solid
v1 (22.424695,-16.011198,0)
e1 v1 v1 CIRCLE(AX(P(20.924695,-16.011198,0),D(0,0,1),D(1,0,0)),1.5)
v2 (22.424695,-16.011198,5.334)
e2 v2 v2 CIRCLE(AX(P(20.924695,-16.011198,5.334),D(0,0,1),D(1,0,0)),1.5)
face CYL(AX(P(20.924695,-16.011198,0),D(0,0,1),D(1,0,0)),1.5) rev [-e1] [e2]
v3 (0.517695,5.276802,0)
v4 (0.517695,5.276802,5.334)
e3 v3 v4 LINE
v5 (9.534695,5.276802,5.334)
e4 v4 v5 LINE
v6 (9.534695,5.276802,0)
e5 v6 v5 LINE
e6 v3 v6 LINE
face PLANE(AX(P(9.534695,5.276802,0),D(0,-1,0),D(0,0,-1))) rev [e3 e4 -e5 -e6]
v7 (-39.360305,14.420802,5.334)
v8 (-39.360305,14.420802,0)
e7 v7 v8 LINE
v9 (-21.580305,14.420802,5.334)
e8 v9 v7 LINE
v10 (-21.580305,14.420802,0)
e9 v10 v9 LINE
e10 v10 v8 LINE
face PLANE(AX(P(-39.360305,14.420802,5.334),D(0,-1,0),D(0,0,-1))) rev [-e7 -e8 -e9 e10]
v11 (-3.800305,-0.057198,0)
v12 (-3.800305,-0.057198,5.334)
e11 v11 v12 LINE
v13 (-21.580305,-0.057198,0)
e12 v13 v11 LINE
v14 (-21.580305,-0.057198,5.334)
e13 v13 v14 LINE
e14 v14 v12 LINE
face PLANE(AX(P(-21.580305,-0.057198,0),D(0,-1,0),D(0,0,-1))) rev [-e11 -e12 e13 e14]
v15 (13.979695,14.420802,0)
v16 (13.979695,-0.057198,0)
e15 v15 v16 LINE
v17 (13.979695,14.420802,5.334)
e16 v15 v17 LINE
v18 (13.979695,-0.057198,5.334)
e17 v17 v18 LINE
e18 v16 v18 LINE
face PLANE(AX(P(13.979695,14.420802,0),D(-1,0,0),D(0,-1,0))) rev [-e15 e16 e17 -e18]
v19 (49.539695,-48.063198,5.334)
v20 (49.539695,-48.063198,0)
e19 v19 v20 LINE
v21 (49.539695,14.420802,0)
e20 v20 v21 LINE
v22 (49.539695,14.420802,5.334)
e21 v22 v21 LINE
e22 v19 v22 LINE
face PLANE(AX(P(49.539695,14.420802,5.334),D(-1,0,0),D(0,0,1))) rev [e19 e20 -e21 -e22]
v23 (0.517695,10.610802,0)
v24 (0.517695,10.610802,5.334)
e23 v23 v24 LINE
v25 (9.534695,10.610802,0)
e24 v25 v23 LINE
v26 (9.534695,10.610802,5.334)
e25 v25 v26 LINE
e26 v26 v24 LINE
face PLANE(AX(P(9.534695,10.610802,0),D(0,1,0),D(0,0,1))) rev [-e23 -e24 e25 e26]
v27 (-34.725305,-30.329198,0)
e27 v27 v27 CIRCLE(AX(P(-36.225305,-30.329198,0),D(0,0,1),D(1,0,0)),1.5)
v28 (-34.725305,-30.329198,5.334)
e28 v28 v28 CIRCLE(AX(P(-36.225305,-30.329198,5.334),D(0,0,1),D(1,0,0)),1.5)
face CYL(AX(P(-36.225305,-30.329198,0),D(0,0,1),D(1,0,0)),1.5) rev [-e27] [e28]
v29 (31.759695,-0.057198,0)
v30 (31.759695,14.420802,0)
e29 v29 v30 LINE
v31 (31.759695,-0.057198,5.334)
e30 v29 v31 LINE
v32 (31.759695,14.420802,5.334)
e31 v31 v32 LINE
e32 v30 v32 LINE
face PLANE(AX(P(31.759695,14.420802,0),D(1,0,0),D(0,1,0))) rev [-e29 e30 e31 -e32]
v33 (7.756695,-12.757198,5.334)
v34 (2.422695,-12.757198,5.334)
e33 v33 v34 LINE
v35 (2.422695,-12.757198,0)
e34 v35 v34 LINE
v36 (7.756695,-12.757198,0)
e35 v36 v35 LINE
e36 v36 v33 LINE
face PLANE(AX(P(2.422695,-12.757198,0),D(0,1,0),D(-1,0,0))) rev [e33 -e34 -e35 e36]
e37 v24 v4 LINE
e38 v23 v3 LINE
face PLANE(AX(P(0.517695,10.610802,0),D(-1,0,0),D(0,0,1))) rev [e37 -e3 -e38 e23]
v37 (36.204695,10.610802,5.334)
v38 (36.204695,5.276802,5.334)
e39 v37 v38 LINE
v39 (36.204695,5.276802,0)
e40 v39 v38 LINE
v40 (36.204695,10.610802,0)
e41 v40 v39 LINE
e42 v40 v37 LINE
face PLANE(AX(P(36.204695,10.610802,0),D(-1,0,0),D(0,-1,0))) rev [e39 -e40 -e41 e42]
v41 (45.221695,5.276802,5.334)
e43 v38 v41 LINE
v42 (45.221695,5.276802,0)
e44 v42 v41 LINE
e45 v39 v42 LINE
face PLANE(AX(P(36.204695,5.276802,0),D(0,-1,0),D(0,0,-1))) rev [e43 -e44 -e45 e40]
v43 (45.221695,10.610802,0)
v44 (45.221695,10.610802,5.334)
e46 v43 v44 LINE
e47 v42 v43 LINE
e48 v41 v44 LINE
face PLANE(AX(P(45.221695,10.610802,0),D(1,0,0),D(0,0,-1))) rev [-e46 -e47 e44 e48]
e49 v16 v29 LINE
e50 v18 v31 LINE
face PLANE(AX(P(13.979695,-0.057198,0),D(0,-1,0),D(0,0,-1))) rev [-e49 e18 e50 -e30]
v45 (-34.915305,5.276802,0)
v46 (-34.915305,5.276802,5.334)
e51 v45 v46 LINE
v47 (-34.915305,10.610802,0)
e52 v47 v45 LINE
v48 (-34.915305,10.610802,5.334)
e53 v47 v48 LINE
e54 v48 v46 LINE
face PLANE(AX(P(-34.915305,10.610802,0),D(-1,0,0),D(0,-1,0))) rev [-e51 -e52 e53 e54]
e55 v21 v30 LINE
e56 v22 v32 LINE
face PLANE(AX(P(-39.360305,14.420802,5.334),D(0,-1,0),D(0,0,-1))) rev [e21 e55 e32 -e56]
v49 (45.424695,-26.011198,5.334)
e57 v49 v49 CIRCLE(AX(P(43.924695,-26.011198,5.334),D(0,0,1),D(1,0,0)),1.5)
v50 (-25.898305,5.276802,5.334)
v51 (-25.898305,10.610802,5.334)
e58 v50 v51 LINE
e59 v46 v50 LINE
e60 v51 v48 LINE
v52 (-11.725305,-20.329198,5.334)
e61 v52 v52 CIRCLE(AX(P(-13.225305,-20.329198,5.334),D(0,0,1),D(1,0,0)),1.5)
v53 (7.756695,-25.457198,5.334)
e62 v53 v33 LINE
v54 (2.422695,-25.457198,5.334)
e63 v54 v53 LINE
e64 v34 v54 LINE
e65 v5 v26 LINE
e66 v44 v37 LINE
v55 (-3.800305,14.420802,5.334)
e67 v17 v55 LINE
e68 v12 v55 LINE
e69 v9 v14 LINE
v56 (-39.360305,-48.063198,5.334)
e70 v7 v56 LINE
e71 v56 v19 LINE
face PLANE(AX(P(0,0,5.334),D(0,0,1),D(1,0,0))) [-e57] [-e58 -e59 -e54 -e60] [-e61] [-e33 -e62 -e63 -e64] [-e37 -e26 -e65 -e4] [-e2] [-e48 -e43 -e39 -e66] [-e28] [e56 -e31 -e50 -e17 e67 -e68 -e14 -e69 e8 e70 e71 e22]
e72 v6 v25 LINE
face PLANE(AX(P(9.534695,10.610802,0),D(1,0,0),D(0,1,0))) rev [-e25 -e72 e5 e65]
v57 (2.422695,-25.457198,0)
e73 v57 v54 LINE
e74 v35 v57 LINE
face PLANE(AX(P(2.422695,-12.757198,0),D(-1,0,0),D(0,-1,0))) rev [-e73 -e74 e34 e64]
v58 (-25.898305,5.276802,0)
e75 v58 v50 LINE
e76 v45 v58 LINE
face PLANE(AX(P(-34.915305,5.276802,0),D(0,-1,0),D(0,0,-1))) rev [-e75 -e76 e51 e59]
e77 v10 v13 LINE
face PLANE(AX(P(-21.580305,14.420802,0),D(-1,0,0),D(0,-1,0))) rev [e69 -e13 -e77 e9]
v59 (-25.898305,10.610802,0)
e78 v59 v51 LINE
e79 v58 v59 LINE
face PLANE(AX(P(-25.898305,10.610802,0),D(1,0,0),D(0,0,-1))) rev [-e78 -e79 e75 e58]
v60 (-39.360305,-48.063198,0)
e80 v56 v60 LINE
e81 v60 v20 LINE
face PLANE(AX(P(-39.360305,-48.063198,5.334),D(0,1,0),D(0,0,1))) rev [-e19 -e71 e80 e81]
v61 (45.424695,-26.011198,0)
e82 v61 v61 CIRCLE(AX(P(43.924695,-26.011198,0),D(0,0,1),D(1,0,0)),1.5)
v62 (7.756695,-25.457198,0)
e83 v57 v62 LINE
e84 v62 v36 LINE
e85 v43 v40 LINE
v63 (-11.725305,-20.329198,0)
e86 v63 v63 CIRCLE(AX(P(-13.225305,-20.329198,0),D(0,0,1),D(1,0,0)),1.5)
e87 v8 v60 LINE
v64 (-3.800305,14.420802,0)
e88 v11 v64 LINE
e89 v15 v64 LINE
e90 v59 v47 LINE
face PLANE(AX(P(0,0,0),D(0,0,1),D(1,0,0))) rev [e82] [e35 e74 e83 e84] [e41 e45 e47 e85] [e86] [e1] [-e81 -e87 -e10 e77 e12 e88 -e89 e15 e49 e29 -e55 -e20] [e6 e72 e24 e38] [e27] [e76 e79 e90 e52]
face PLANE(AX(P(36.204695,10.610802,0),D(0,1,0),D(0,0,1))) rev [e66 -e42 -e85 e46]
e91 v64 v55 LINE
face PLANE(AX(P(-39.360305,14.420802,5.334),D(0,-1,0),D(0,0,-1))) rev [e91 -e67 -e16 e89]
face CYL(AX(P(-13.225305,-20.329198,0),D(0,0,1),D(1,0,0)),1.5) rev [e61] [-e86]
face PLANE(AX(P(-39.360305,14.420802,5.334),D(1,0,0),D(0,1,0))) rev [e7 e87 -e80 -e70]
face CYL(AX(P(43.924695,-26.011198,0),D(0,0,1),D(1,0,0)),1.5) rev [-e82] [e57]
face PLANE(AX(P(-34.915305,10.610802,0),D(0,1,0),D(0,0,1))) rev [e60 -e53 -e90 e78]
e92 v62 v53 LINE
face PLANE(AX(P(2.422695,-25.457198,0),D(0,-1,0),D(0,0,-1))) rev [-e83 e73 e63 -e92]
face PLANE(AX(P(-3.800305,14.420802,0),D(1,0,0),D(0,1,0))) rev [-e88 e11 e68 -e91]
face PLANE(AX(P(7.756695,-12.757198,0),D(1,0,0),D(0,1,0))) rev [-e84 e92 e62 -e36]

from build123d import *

# Parameters (mm, degrees)
SKETCH1_W           = 88.9
SKETCH1_H           = 62.484
BOSS_EXTRUDE1_DEPTH = 5.334
SKETCH2_W           = 17.78
SKETCH2_H           = 14.478
CUT_EXTRUDE1_DEPTH  = 70.229357574
SKETCH3_W           = 9.017
SKETCH3_H           = 5.334
CUT_EXTRUDE2_DEPTH  = 70.229357574
SKETCH5_W           = 5.334
SKETCH5_H           = 12.7
CUT_EXTRUDE3_DEPTH  = 70.229357574
SKETCH7_R           = 1.5
CUT_EXTRUDE4_DEPTH  = 70.229357574


with BuildPart() as part:
    # Sketch1 → Boss-Extrude1 (new body)
    with BuildSketch(Plane.XY):
        with Locations((5.089694656, -16.821198473)):
            Rectangle(SKETCH1_W, SKETCH1_H)
    extrude(amount=BOSS_EXTRUDE1_DEPTH)

    # Sketch2 → Cut-Extrude1 (cut, through all)
    with BuildSketch(Plane.XY.offset(5.334)):
        with Locations((-12.690305344, 7.181801527)):
            Rectangle(SKETCH2_W, SKETCH2_H)
        with Locations((22.869694656, 7.181801527)):
            Rectangle(SKETCH2_W, SKETCH2_H)
    extrude(amount=-CUT_EXTRUDE1_DEPTH, mode=Mode.SUBTRACT)

    # Sketch3 → Cut-Extrude2 (cut, through all)
    with BuildSketch(Plane.XY.offset(5.334)):
        with Locations((-30.406805344, 7.943801527)):
            Rectangle(SKETCH3_W, SKETCH3_H)
        with Locations((5.026194656, 7.943801527)):
            Rectangle(SKETCH3_W, SKETCH3_H)
        with Locations((40.713194656, 7.943801527)):
            Rectangle(SKETCH3_W, SKETCH3_H)
    extrude(amount=-CUT_EXTRUDE2_DEPTH, mode=Mode.SUBTRACT)

    # Sketch5 → Cut-Extrude3 (cut, through all)
    with BuildSketch(Plane.XY.offset(5.334)):
        with Locations((5.089694656, -19.107198473)):
            Rectangle(SKETCH5_W, SKETCH5_H)
    extrude(amount=-CUT_EXTRUDE3_DEPTH, mode=Mode.SUBTRACT)

    # Sketch7 → Cut-Extrude4 (cut, through all)
    with BuildSketch(Plane.XY.offset(5.334)):
        with Locations((-36.225305344, -30.329198473)):
            Circle(SKETCH7_R)
        with Locations((20.924694656, -16.011198473)):
            Circle(SKETCH7_R)
        with Locations((43.924694656, -26.011198473)):
            Circle(SKETCH7_R)
        with Locations((-13.225305344, -20.329198473)):
            Circle(SKETCH7_R)
    extrude(amount=-CUT_EXTRUDE4_DEPTH, mode=Mode.SUBTRACT)


solid = part.part
